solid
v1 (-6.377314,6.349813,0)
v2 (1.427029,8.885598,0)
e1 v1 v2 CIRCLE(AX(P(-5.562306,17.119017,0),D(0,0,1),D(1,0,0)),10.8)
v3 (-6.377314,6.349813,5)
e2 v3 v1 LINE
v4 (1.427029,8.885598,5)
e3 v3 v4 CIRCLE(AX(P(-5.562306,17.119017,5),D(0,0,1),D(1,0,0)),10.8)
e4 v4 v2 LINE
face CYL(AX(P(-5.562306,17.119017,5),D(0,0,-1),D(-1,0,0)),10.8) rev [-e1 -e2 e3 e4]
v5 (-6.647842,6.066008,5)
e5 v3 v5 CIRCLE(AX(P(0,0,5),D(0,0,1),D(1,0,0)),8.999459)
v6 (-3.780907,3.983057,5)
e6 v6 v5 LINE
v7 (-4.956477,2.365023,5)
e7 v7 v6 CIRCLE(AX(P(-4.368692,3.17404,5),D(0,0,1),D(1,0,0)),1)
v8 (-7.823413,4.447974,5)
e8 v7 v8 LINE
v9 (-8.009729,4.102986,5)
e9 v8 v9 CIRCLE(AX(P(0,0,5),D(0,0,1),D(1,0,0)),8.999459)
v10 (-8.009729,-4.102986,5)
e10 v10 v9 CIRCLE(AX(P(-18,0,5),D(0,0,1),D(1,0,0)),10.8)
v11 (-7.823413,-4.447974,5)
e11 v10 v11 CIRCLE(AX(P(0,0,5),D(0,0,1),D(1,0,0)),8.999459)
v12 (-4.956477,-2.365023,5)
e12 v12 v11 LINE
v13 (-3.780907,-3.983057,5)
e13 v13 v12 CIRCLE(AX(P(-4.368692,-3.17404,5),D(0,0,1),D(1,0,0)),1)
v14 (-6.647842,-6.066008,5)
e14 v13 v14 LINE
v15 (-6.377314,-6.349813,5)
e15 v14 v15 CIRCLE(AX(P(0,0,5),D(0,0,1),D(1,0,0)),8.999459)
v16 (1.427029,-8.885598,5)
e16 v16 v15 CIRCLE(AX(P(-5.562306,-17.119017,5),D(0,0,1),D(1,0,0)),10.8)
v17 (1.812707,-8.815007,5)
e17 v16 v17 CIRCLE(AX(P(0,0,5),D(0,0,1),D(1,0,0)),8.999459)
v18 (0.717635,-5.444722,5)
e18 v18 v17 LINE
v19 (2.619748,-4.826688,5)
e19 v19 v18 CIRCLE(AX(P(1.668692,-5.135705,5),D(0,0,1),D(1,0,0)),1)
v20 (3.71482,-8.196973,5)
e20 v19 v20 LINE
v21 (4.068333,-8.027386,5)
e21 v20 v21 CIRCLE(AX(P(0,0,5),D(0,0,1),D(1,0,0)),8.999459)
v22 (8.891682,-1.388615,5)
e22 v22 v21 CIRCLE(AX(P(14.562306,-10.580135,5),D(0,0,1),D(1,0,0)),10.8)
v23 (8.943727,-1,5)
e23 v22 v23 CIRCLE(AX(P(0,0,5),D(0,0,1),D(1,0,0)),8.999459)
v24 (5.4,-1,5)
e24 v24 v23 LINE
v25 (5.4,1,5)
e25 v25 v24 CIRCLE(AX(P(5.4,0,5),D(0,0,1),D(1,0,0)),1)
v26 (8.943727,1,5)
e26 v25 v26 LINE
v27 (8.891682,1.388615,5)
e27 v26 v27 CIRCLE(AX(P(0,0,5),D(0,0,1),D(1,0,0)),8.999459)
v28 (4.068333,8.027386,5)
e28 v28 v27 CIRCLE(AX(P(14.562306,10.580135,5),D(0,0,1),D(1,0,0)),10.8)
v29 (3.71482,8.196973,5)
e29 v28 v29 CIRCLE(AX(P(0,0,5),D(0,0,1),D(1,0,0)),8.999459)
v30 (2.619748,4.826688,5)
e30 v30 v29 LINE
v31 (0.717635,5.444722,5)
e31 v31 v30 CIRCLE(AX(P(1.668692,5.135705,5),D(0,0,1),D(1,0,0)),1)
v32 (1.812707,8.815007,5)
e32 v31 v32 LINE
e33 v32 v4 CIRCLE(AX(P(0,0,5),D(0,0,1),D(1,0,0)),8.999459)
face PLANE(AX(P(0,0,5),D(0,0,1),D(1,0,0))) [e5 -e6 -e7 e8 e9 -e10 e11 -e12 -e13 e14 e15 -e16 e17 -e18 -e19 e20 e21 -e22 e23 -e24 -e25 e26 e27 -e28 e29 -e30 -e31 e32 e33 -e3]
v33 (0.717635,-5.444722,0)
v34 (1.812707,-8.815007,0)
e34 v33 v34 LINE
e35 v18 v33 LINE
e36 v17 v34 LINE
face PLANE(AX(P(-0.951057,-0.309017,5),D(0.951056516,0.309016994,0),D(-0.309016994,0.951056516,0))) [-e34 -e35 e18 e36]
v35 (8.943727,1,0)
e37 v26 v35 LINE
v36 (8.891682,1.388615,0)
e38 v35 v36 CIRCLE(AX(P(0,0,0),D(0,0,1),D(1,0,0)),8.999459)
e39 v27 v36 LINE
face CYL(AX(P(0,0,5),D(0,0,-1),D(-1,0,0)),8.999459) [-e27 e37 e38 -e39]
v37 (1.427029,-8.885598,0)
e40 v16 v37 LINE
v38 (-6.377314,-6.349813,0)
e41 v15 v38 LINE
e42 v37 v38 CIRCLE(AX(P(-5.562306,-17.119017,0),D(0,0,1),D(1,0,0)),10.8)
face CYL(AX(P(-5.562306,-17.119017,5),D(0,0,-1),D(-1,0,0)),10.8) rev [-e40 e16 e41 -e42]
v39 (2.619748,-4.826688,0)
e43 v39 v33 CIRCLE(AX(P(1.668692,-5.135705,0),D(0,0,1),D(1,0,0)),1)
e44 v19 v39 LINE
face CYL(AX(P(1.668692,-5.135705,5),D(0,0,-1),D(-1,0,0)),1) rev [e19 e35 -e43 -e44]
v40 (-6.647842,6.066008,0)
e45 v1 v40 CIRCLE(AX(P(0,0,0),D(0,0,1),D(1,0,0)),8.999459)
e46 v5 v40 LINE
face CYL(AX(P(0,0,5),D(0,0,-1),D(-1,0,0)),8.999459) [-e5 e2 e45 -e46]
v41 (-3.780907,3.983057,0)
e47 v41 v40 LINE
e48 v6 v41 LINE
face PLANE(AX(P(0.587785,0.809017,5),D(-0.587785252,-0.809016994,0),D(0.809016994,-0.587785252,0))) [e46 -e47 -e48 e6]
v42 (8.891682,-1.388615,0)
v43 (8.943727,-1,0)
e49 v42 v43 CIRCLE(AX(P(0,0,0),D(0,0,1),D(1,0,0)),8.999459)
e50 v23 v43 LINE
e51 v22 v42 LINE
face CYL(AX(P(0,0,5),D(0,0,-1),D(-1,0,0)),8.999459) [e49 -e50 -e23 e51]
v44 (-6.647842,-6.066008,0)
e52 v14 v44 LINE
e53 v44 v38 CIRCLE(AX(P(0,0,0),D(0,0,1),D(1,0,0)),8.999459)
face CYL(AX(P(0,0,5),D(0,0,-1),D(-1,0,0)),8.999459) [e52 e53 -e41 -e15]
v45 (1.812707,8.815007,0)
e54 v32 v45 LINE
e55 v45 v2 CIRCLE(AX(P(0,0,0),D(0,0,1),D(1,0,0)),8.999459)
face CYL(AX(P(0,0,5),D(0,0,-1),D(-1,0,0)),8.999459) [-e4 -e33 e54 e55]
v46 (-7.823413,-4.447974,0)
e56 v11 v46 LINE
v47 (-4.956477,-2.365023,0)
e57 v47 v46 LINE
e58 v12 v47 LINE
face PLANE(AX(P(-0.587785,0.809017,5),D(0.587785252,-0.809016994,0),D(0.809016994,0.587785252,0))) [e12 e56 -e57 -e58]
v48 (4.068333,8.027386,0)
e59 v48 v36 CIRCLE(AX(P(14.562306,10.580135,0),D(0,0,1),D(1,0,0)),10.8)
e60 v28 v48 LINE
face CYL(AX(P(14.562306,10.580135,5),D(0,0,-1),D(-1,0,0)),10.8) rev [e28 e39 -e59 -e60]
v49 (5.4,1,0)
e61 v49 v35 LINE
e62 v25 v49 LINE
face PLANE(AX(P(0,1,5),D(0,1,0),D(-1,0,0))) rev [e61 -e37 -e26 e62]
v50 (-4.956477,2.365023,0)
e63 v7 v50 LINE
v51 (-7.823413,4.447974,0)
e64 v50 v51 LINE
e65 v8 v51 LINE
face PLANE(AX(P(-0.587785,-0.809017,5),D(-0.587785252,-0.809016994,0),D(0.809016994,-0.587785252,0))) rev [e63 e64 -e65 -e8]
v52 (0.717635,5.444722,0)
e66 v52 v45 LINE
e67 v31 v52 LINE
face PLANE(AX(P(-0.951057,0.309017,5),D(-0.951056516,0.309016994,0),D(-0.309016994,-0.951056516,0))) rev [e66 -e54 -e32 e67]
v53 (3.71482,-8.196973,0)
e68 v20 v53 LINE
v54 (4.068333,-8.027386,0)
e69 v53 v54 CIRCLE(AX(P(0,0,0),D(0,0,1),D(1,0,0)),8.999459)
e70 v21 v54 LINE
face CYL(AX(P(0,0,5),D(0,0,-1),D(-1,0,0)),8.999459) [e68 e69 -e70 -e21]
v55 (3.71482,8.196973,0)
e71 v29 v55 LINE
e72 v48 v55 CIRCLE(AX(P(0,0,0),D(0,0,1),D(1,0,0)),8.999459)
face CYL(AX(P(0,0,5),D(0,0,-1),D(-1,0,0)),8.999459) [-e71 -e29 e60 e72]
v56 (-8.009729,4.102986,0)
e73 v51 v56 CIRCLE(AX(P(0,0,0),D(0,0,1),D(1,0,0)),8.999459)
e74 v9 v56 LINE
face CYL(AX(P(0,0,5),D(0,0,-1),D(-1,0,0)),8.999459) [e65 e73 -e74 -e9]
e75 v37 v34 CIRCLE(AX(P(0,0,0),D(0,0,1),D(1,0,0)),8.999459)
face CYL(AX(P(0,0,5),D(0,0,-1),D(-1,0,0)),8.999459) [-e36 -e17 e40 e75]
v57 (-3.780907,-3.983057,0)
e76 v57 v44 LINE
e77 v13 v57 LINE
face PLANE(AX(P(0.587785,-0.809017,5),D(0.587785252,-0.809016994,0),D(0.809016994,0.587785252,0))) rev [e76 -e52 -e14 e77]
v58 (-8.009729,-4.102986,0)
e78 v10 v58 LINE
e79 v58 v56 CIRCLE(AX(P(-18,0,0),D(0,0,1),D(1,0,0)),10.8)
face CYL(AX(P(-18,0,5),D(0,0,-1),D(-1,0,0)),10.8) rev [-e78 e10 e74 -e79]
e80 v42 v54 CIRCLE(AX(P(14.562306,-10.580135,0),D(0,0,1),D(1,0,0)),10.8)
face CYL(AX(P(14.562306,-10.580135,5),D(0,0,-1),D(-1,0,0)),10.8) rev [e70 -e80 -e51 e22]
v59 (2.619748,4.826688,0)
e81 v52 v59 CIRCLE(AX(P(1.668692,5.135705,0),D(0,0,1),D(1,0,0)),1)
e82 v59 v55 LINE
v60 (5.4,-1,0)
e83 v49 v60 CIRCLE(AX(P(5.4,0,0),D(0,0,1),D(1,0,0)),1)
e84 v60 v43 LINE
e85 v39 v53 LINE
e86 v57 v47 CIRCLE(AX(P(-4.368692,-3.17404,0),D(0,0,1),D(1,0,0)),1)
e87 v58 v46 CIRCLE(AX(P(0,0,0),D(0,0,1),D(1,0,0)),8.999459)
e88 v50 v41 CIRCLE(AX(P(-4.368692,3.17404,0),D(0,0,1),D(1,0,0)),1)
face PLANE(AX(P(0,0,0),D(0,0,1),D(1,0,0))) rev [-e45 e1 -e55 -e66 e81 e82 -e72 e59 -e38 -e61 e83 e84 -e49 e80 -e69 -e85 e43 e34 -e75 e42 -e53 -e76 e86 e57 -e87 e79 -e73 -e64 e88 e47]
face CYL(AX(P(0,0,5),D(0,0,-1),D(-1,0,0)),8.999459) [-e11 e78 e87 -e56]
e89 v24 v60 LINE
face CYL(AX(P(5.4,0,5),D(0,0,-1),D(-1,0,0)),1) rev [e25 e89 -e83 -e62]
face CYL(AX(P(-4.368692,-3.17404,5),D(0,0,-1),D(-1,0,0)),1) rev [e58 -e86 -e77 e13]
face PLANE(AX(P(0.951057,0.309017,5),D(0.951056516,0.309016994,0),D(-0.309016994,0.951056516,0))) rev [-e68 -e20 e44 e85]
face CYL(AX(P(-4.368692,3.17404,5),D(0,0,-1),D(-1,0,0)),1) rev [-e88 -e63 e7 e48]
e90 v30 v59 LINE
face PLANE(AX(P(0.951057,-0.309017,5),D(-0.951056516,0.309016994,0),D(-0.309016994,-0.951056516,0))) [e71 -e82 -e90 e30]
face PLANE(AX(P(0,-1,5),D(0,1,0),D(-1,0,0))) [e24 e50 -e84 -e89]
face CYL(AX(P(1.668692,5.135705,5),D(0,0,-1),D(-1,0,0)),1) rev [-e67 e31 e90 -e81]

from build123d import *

# Parameters (mm, degrees)
SALIENTE_EXTRUIR1_DEPTH = 5


with BuildPart() as part:
    # Croquis1 → Saliente-Extruir1 (new body)
    with BuildSketch(Plane.XY):
        with BuildLine():
            ThreePointArc((-3.559674775, 2.58625511), (-4.212257305, 2.186352022), (-4.956477022, 2.365023368))
            Line((-4.956477022, 2.365023368), (-7.823412697, 4.447974061))
            ThreePointArc((-7.823412697, 4.447974061), (-7.918450076, 4.276494812), (-8.00972943, 4.102985978))
            ThreePointArc((-8.00972943, 4.102985978), (-7.404365943, 2.091061673), (-7.2, 0))
            ThreePointArc((-7.2, 0), (-7.404365943, -2.091061673), (-8.00972943, -4.102985978))
            ThreePointArc((-8.00972943, -4.102985978), (-7.918450076, -4.276494812), (-7.823412697, -4.447974061))
            Line((-7.823412697, -4.447974061), (-4.956477022, -2.365023368))
            ThreePointArc((-4.956477022, -2.365023368), (-3.559674775, -2.58625511), (-3.780906517, -3.983057357))
            Line((-3.780906517, -3.983057357), (-6.647842193, -6.06600805))
            ThreePointArc((-6.647842193, -6.06600805), (-6.514123901, -6.20938397), (-6.377314065, -6.349812973))
            ThreePointArc((-6.377314065, -6.349812973), (-2.224922359, -6.847606917), (1.427029037, -8.885597763))
            ThreePointArc((1.427029037, -8.885597763), (1.620252616, -8.852403117), (1.812707238, -8.815007201))
            Line((1.812707238, -8.815007201), (0.717635253, -5.444722182))
            ThreePointArc((0.717635253, -5.444722182), (1.359674775, -4.184648672), (2.619748286, -4.826688194))
            Line((2.619748286, -4.826688194), (3.71482027, -8.196973212))
            ThreePointArc((3.71482027, -8.196973212), (3.892500098, -8.114105155), (4.068332581, -8.027386218))
            ThreePointArc((4.068332581, -8.027386218), (5.824922359, -4.232053817), (8.891681878, -1.38861545))
            ThreePointArc((8.891681878, -1.38861545), (8.919821263, -1.194591196), (8.943727382, -1))
            Line((8.943727382, -1), (5.4, -1))
            ThreePointArc((5.4, -1), (4.4, 0), (5.4, 1))
            Line((5.4, 1), (8.943727382, 1))
            ThreePointArc((8.943727382, 1), (8.919821263, 1.194591196), (8.891681878, 1.38861545))
            ThreePointArc((8.891681878, 1.38861545), (5.824922359, 4.232053817), (4.068332581, 8.027386218))
            ThreePointArc((4.068332581, 8.027386218), (3.892500098, 8.114105155), (3.71482027, 8.196973212))
            Line((3.71482027, 8.196973212), (2.619748286, 4.826688194))
            ThreePointArc((2.619748286, 4.826688194), (1.359674775, 4.184648672), (0.717635253, 5.444722182))
            Line((0.717635253, 5.444722182), (1.812707238, 8.815007201))
            ThreePointArc((1.812707238, 8.815007201), (1.620252616, 8.852403117), (1.427029037, 8.885597763))
            ThreePointArc((1.427029037, 8.885597763), (-2.224922359, 6.847606917), (-6.377314065, 6.349812973))
            ThreePointArc((-6.377314065, 6.349812973), (-6.514123901, 6.20938397), (-6.647842193, 6.06600805))
            Line((-6.647842193, 6.06600805), (-3.780906517, 3.983057357))
            ThreePointArc((-3.780906517, 3.983057357), (-3.381003429, 3.330474827), (-3.559674775, 2.58625511))
        make_face()
    extrude(amount=SALIENTE_EXTRUIR1_DEPTH)


solid = part.part
